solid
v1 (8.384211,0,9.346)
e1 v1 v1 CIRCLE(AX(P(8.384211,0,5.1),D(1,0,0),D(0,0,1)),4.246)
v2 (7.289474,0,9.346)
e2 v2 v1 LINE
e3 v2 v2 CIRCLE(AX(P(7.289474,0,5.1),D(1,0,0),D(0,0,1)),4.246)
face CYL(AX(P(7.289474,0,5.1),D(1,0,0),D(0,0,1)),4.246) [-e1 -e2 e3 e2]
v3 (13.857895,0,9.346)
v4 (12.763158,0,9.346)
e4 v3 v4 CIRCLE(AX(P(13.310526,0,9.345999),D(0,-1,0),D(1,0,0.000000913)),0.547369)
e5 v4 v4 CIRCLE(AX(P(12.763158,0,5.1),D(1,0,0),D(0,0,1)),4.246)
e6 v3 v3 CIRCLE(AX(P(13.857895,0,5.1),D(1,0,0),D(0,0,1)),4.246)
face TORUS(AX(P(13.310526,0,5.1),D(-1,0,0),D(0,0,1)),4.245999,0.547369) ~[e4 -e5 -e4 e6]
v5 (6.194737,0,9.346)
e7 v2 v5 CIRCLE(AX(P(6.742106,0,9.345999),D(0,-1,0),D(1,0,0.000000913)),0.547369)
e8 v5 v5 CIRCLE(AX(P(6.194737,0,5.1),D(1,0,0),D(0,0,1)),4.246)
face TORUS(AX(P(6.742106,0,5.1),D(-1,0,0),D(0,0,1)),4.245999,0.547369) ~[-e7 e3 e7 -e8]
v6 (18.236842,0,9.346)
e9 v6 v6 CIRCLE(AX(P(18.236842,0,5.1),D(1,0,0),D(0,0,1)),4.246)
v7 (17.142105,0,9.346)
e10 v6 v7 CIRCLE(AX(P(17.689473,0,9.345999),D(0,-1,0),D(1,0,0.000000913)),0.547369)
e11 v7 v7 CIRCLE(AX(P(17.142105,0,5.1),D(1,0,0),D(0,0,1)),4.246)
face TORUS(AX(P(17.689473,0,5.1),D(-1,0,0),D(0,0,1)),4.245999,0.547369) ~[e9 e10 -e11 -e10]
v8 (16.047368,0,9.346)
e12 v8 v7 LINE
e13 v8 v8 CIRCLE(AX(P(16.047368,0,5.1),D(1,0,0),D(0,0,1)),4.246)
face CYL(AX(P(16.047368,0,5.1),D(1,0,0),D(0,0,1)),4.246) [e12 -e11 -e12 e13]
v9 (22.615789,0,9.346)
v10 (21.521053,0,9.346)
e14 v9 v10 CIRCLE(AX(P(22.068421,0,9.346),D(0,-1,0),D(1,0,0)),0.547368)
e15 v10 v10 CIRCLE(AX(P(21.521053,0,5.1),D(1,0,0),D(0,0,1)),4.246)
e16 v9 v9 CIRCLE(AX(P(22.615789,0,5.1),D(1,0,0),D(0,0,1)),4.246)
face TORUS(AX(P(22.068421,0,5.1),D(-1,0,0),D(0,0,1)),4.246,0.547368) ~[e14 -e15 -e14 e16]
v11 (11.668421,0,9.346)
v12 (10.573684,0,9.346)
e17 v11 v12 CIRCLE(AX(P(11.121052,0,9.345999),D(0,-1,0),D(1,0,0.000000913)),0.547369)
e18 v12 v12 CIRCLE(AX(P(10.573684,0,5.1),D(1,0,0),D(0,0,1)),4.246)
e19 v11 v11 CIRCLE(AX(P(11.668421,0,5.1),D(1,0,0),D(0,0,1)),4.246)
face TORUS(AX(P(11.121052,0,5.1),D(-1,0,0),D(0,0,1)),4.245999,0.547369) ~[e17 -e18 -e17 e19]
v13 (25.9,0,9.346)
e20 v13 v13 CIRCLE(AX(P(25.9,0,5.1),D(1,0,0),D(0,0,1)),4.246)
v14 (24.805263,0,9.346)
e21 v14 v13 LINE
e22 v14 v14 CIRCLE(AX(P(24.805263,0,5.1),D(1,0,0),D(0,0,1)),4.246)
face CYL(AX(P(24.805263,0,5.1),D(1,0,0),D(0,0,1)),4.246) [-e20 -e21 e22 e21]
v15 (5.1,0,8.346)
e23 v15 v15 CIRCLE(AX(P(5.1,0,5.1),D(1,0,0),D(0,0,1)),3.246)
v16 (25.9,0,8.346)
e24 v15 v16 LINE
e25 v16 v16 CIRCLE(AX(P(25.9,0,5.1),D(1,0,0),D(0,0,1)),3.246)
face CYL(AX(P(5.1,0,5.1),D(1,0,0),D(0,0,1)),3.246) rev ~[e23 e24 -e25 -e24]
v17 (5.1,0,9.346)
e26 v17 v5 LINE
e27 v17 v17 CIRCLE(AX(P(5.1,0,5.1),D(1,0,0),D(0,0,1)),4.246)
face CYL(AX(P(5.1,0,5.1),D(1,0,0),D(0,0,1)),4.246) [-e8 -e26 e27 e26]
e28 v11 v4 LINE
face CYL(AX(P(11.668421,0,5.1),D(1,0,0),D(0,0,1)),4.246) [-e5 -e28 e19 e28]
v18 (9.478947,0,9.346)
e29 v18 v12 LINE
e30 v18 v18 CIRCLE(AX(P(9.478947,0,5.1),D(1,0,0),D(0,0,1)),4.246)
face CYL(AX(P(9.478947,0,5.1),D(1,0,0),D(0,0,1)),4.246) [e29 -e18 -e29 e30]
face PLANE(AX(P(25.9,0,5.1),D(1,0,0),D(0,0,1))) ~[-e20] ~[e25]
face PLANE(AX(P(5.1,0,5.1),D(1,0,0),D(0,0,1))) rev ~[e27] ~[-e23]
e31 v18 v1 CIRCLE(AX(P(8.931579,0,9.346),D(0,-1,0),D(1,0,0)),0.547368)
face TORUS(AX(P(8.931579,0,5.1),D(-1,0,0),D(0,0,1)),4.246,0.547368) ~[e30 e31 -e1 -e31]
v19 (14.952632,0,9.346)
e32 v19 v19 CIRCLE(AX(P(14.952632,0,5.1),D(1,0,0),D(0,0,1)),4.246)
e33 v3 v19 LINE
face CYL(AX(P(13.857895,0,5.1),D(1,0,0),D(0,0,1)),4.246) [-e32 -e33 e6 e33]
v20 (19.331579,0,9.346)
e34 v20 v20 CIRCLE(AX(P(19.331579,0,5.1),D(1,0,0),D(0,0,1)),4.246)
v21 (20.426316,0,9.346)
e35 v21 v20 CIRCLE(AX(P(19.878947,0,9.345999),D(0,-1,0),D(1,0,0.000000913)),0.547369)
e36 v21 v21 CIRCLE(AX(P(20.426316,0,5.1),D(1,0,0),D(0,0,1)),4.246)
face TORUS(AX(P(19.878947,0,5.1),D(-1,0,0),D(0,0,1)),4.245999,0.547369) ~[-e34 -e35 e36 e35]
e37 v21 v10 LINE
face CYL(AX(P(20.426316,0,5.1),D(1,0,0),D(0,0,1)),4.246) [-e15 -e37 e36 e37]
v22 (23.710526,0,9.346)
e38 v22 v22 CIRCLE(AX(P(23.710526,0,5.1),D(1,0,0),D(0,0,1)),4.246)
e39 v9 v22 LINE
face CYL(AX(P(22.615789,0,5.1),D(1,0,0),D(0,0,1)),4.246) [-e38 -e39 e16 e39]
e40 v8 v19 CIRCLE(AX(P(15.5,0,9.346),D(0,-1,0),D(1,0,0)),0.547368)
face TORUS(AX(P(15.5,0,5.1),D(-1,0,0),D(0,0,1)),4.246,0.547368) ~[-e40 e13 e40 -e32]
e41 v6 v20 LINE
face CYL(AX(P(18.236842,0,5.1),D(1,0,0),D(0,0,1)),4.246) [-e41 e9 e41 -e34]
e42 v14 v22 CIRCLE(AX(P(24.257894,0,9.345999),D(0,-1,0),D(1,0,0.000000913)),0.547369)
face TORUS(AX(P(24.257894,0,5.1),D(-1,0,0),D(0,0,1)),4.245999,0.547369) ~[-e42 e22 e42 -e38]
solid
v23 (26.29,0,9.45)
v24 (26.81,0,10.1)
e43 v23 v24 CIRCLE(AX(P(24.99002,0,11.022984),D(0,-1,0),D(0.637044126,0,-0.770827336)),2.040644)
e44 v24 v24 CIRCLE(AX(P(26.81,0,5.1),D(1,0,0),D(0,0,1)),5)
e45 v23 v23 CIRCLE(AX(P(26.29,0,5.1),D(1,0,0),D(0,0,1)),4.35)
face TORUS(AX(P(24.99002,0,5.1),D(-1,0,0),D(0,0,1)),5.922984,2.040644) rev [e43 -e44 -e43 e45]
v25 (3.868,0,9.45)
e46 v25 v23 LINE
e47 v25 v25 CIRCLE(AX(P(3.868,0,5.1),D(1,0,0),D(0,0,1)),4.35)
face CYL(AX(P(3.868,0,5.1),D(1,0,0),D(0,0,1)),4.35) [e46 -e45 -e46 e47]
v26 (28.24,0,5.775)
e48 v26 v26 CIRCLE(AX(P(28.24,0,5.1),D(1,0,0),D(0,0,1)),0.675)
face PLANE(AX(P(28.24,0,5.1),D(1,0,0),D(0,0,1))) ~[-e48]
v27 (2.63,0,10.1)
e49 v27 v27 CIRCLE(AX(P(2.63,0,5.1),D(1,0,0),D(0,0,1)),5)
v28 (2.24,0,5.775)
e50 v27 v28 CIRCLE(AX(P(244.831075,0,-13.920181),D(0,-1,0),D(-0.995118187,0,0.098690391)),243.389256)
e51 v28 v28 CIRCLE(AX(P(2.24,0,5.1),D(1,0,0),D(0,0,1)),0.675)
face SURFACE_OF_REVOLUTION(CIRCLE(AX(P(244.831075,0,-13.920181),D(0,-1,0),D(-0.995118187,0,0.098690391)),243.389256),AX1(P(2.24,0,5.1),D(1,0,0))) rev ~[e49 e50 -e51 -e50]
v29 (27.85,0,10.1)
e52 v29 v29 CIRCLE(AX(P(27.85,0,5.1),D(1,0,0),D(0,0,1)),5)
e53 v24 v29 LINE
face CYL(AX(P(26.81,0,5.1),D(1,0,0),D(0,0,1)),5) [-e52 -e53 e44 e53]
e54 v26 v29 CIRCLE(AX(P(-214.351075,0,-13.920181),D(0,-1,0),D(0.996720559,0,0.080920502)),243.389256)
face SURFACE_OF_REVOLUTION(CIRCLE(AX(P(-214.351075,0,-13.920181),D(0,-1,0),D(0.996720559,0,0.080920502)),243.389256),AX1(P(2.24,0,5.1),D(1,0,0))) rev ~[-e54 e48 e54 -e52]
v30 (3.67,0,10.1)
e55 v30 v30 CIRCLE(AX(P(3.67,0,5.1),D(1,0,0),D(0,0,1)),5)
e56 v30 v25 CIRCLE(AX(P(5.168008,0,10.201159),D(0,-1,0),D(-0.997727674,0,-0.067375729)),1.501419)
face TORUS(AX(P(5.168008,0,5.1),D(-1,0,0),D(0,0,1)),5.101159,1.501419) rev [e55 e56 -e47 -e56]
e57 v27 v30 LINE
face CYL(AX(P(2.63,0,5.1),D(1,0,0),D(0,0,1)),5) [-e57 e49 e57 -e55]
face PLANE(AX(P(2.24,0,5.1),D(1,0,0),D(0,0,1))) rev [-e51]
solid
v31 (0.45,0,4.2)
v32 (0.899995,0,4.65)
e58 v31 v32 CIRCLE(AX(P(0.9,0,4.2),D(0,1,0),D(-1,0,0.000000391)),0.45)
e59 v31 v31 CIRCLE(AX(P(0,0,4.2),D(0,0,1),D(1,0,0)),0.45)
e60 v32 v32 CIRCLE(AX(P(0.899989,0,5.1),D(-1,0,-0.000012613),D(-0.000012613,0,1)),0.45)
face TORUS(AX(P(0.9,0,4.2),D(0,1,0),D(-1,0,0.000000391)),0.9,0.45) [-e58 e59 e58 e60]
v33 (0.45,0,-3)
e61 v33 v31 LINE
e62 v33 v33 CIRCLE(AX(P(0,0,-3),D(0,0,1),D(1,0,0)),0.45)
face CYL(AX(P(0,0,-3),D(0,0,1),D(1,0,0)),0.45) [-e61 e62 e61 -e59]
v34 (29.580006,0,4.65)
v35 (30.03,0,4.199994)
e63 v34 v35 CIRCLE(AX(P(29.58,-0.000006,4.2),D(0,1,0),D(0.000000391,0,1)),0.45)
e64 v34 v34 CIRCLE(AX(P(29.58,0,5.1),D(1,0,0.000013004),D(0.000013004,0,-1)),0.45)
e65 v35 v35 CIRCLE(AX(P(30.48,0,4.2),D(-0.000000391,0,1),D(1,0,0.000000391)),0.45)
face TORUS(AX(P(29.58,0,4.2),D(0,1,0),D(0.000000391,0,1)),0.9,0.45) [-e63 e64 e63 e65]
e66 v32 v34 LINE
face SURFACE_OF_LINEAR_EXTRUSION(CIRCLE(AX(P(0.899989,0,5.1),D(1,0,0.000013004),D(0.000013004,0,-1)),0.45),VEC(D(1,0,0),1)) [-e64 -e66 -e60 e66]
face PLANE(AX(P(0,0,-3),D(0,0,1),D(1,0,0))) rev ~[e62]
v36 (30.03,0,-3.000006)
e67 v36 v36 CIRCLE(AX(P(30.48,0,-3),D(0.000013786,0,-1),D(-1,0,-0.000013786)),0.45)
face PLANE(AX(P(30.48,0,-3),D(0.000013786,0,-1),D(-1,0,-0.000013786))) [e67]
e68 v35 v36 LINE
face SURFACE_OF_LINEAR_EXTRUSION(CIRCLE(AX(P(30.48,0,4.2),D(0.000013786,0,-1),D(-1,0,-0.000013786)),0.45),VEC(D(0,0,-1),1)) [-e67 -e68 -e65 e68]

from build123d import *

# Parameters (mm, degrees)
SKETCH_R = 0.45


with BuildPart() as revolution:
    # Sketch002 → Revolution (revolve)
    with BuildSketch(Plane.XZ):
        with BuildLine():
            Line((2.63, 10.1), (3.67, 10.1))
            ThreePointArc((3.67, 10.1), (3.731746, 9.763652), (3.868, 9.45))
            Line((3.868, 9.45), (26.29, 9.45))
            ThreePointArc((26.29, 9.45), (26.583495, 9.748204), (26.81, 10.1))
            Line((26.81, 10.1), (27.85, 10.1))
            ThreePointArc((28.24, 5.775), (28.054646, 7.93837), (27.85, 10.1))
            Line((28.24, 5.1), (28.24, 5.775))
            Line((2.24, 5.1), (28.24, 5.1))
            Line((2.24, 5.1), (2.24, 5.775))
            ThreePointArc((2.63, 10.1), (2.425354, 7.93837), (2.24, 5.775))
        make_face()
    revolve(axis=Axis((2.24, 0, 5.1), (1, 0, 0)))


with BuildPart() as sweep_body:
    # Sweep: sweep along a path in Sketch001
    with BuildLine(Plane.XZ) as sweep_path:
        Line((0, -3), (0, 4.2))
        ThreePointArc((0, 4.2), (0.2636, 4.836392), (0.899989, 5.1))
        Line((0.899989, 5.1), (29.58, 5.1))
        ThreePointArc((29.58, 5.1), (30.216396, 4.836396), (30.48, 4.2))
        Line((30.48, 4.2), (30.48, -3))
    # Sketch → Sweep (sweep)
    with BuildSketch(Plane.XY.offset(-2)):
        Circle(SKETCH_R)
    sweep(path=sweep_path.line)


with BuildPart() as revolution001:
    # Sketch003 → Revolution001 (revolve)
    with BuildSketch(Plane.XZ):
        with BuildLine():
            ThreePointArc((7.289474, 9.346), (6.742105, 9.893368), (6.194737, 9.346))
            Line((5.1, 9.346), (6.194737, 9.346))
            Line((5.1, 9.346), (5.1, 8.346))
            Line((5.1, 8.346), (25.9, 8.346))
            Line((25.9, 8.346), (25.9, 9.346))
            Line((24.805263, 9.346), (25.9, 9.346))
            ThreePointArc((24.805263, 9.346), (24.257895, 9.893368), (23.710526, 9.346))
            Line((22.615789, 9.346), (23.710526, 9.346))
            ThreePointArc((22.615789, 9.346), (22.068421, 9.893368), (21.521053, 9.346))
            Line((20.426316, 9.346), (21.521053, 9.346))
            ThreePointArc((20.426316, 9.346), (19.878947, 9.893368), (19.331579, 9.346))
            Line((18.236842, 9.346), (19.331579, 9.346))
            ThreePointArc((18.236842, 9.346), (17.689474, 9.893368), (17.142105, 9.346))
            Line((16.047368, 9.346), (17.142105, 9.346))
            ThreePointArc((16.047368, 9.346), (15.5, 9.893368), (14.952632, 9.346))
            Line((13.857895, 9.346), (14.952632, 9.346))
            ThreePointArc((13.857895, 9.346), (13.310526, 9.893368), (12.763158, 9.346))
            Line((11.668421, 9.346), (12.763158, 9.346))
            ThreePointArc((11.668421, 9.346), (11.121053, 9.893368), (10.573684, 9.346))
            Line((9.478947, 9.346), (10.573684, 9.346))
            ThreePointArc((9.478947, 9.346), (8.931579, 9.893368), (8.384211, 9.346))
            Line((7.289474, 9.346), (8.384211, 9.346))
        make_face()
    revolve(axis=Axis((2.89, 0, 5.1), (1, 0, 0)))


solid = Compound([revolution.part, sweep_body.part, revolution001.part])
